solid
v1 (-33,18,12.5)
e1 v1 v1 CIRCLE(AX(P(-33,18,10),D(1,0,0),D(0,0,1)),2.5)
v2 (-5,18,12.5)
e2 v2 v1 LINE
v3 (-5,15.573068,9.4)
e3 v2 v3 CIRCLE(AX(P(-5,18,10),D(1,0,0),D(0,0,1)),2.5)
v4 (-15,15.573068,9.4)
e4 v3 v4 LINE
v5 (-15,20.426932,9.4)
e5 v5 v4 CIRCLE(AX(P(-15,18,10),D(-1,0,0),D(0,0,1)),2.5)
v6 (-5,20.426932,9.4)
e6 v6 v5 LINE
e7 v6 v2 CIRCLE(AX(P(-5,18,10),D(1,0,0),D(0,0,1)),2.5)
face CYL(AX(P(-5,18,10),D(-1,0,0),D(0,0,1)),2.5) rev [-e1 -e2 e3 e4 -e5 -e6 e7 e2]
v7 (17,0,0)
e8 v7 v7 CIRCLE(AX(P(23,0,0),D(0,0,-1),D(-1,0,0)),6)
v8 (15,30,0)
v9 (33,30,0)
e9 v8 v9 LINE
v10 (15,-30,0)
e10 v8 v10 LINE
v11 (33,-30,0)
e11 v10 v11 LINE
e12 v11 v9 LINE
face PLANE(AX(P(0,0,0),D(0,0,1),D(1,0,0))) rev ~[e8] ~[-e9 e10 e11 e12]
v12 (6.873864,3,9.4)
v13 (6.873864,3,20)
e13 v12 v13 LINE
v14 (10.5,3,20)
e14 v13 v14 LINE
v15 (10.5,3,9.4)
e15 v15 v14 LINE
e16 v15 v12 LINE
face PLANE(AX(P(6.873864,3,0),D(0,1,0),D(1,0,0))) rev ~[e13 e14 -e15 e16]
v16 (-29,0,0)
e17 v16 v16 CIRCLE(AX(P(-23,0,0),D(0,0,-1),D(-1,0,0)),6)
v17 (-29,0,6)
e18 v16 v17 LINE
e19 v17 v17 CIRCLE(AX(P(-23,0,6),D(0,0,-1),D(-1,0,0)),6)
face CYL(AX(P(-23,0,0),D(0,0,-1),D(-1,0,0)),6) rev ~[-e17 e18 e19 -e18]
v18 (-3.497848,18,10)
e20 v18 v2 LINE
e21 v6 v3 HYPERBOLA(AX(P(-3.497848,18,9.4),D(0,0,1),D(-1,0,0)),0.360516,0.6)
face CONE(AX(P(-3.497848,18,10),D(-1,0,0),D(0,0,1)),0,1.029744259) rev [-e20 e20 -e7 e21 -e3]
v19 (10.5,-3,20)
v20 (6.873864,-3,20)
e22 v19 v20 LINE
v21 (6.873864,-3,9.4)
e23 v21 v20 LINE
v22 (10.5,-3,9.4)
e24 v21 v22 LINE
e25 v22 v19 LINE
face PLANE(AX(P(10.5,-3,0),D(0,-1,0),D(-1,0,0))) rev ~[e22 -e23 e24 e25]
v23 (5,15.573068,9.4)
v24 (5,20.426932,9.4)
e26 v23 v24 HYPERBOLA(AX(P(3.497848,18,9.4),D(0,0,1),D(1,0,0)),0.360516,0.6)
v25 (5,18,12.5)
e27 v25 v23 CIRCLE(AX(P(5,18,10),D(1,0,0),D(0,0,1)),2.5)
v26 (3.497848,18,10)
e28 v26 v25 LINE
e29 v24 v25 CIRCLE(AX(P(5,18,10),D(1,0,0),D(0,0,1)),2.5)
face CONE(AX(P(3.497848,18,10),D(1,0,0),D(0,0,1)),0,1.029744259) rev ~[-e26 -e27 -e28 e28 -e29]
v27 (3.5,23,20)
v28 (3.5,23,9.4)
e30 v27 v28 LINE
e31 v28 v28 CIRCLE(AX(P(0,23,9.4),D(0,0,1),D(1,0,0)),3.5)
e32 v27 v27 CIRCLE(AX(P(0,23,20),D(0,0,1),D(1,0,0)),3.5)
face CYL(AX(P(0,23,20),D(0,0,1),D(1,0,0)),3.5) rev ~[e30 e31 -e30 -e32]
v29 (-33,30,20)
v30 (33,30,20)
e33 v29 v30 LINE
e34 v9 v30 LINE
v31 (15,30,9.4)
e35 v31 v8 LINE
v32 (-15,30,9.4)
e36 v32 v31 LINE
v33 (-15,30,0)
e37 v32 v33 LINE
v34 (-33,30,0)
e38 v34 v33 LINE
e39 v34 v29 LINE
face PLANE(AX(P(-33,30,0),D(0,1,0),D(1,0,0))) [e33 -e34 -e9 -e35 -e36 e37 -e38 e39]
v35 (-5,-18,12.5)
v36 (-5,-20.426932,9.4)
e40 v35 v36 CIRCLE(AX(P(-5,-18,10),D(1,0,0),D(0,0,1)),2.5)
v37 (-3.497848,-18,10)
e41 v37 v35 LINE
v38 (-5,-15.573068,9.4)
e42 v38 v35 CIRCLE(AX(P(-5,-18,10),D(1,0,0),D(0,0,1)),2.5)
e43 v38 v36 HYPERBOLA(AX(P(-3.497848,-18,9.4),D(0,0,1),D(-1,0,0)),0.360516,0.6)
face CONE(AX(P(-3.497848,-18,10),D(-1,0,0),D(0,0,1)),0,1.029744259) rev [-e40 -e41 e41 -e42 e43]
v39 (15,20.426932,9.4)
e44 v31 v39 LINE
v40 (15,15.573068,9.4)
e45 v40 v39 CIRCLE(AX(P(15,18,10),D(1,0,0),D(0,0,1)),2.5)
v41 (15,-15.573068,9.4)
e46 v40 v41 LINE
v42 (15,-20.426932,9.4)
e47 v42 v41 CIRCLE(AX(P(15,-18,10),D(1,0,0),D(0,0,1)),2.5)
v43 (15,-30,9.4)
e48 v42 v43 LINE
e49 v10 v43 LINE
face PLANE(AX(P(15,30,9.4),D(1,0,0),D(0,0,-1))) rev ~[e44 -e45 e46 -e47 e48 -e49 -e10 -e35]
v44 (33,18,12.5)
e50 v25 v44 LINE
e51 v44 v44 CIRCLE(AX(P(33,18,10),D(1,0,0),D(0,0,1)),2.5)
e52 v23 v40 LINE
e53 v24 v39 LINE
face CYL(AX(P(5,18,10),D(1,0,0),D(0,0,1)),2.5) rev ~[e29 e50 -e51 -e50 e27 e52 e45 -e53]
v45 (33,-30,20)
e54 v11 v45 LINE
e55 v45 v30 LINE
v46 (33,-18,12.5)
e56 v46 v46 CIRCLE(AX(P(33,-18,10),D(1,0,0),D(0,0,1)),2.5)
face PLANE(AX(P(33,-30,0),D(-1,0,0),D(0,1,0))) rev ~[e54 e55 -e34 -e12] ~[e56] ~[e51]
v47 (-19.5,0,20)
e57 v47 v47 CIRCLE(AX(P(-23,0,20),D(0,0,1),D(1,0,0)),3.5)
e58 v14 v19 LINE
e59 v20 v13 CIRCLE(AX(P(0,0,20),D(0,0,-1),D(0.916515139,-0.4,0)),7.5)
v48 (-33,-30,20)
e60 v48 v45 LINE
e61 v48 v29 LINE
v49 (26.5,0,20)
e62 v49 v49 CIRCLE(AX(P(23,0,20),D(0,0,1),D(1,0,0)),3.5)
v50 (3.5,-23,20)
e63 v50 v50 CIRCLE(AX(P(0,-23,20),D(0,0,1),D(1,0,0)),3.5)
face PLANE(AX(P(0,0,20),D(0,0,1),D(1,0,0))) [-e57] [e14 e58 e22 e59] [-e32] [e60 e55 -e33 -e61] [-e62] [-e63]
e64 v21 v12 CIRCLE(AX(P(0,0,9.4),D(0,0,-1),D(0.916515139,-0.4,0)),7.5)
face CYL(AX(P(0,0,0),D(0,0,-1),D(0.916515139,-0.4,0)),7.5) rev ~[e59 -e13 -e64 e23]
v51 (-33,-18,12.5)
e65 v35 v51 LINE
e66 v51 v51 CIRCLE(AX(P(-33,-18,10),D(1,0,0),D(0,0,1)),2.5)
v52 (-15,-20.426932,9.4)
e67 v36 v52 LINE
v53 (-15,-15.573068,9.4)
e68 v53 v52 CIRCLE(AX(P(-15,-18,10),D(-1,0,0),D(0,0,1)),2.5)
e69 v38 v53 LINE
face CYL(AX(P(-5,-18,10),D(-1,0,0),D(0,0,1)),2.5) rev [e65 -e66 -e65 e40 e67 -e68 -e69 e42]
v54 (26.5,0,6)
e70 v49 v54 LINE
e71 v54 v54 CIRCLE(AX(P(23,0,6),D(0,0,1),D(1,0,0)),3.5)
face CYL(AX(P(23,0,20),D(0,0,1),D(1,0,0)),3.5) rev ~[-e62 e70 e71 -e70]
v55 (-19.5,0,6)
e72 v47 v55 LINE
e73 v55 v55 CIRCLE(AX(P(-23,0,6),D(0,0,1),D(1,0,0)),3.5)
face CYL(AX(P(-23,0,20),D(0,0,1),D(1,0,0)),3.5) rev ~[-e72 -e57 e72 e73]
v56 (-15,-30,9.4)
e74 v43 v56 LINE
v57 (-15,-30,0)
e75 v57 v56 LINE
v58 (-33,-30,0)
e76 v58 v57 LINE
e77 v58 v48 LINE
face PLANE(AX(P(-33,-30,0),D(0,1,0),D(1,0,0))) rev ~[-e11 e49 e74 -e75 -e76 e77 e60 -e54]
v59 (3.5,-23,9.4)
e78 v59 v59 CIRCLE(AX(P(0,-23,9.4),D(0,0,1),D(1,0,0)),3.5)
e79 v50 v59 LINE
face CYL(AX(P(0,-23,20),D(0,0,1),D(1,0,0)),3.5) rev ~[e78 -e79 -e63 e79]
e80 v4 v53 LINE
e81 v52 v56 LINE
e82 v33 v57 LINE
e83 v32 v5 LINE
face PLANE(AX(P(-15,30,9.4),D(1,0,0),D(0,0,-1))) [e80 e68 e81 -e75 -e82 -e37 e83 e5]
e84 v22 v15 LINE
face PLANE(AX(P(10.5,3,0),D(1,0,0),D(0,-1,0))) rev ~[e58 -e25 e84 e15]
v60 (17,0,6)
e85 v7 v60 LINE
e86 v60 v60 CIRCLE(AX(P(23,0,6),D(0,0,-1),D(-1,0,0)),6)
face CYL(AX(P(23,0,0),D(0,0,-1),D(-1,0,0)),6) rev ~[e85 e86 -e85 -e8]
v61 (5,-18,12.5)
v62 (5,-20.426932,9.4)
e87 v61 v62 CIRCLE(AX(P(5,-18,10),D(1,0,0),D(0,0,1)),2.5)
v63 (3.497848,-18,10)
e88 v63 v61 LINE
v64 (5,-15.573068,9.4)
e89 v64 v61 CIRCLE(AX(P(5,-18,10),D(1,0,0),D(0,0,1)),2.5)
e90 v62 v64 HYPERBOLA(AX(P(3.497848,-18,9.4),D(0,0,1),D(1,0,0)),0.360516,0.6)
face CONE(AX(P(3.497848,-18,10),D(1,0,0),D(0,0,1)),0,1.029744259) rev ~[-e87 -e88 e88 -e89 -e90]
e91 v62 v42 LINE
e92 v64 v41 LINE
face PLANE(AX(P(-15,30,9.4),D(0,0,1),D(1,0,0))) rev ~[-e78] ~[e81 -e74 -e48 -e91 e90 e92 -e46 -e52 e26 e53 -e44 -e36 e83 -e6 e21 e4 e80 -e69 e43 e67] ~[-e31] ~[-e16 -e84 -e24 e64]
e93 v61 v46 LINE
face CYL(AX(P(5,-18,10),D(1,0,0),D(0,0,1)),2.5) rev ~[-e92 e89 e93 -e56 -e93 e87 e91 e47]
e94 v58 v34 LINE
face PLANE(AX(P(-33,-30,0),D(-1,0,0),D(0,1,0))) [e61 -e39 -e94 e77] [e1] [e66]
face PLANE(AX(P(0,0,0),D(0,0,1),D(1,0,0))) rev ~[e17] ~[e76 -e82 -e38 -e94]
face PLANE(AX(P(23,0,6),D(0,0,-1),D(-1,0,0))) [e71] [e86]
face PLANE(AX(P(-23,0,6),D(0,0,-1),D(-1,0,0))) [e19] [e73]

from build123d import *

# Parameters (mm, degrees)
SKETCH1_W                  = 66
SKETCH1_H                  = 60
BOSS_EXTRUDE1_DEPTH        = 20
CUT_EXTRUDE1_REACH         = 62
SKETCH2_W                  = 30
SKETCH2_H                  = 9.4
M6_TAPPED_HOLE1_AT_2_COUNT = 2
M6_TAPPED_HOLE1_AT_2_PITCH = 36
SKETCH7_R                  = 3.5
CUT_EXTRUDE2_DEPTH         = 21
SKETCH9_R                  = 6
CUT_EXTRUDE3_DEPTH         = 6


with BuildPart() as part:
    # Sketch1 → Boss-Extrude1 (new body)
    with BuildSketch(Plane.XY):
        Rectangle(SKETCH1_W, SKETCH1_H)
        with BuildLine():
            Line((10.5, -3), (6.873863542, -3))
            ThreePointArc((6.873863542, -3), (-7.5, 0), (6.873863542, 3))
            Line((6.873863542, 3), (10.5, 3))
            Line((10.5, 3), (10.5, -3))
        make_face(mode=Mode.SUBTRACT)
    extrude(amount=BOSS_EXTRUDE1_DEPTH)

    # Sketch2 → Cut-Extrude1 (cut, up to next)
    with BuildSketch(Plane(origin=(0, 30, 0), x_dir=(1, 0, 0), z_dir=(0, 1, 0)), mode=Mode.PRIVATE) as cut_extrude1_sk1:
        with Locations((0, -4.7)):
            Rectangle(SKETCH2_W, SKETCH2_H)
    cut_extrude1_tool1 = extrude(cut_extrude1_sk1.sketch, amount=-CUT_EXTRUDE1_REACH, mode=Mode.PRIVATE) & part.part
    add(cut_extrude1_tool1.solids().sort_by_distance((0, 30, 4.7))[0], mode=Mode.SUBTRACT)

    # Sketch5 → M6 Tapped Hole1 (revolve, cut)
    with BuildSketch(Plane(origin=(-33, 18, 10), x_dir=(0, 0, 1), z_dir=(0, 1, 0))):
        Polygon((0, 0), (0, 29.502151548), (2.5, 28), (2.5, 0), align=None)
    m6_tapped_hole1 = revolve(axis=Axis((-39.35, 18, 10), (1, 0, 0)), mode=Mode.SUBTRACT)

    # M6 Tapped Hole1 at 2: M6 Tapped Hole1 ×2
    with Locations(*[(0, -i * M6_TAPPED_HOLE1_AT_2_PITCH, 0) for i in range(1, M6_TAPPED_HOLE1_AT_2_COUNT)]):
        add(m6_tapped_hole1, mode=Mode.SUBTRACT)

    # Mirror1: M6 Tapped Hole1 across plane
    add(m6_tapped_hole1.mirror(Plane(origin=(0, 0, 0), x_dir=(0, 0, 1), z_dir=(1, 0, 0))), mode=Mode.SUBTRACT)

    # Mirror1 copy 1 sketch → Mirror1 copy 1 (revolve, cut)
    with BuildSketch(Plane(origin=(33, -18, 10), x_dir=(0, 0, 1), z_dir=(0, 1, 0))):
        Polygon((0, 0), (0, -29.502151548), (2.5, -28), (2.5, 0), align=None)
    revolve(axis=Axis((39.35, -18, 10), (1, 0, 0)), mode=Mode.SUBTRACT)

    # Sketch7 → Cut-Extrude2 (cut, through all)
    with BuildSketch(Plane.XY.offset(20)):
        with Locations((0, 23)):
            Circle(SKETCH7_R)
        with Locations((23, 0)):
            Circle(SKETCH7_R)
        with Locations((0, -23)):
            Circle(SKETCH7_R)
        with Locations((-23, 0)):
            Circle(SKETCH7_R)
    extrude(amount=-CUT_EXTRUDE2_DEPTH, mode=Mode.SUBTRACT)

    # Sketch9 → Cut-Extrude3 (cut)
    with BuildSketch(Plane(origin=(0, 0, 0), x_dir=(-1, 0, 0), z_dir=(0, 0, -1))):
        with Locations((23, 0)):
            Circle(SKETCH9_R)
        with Locations((-23, 0)):
            Circle(SKETCH9_R)
    extrude(amount=-CUT_EXTRUDE3_DEPTH, mode=Mode.SUBTRACT)


solid = part.part
